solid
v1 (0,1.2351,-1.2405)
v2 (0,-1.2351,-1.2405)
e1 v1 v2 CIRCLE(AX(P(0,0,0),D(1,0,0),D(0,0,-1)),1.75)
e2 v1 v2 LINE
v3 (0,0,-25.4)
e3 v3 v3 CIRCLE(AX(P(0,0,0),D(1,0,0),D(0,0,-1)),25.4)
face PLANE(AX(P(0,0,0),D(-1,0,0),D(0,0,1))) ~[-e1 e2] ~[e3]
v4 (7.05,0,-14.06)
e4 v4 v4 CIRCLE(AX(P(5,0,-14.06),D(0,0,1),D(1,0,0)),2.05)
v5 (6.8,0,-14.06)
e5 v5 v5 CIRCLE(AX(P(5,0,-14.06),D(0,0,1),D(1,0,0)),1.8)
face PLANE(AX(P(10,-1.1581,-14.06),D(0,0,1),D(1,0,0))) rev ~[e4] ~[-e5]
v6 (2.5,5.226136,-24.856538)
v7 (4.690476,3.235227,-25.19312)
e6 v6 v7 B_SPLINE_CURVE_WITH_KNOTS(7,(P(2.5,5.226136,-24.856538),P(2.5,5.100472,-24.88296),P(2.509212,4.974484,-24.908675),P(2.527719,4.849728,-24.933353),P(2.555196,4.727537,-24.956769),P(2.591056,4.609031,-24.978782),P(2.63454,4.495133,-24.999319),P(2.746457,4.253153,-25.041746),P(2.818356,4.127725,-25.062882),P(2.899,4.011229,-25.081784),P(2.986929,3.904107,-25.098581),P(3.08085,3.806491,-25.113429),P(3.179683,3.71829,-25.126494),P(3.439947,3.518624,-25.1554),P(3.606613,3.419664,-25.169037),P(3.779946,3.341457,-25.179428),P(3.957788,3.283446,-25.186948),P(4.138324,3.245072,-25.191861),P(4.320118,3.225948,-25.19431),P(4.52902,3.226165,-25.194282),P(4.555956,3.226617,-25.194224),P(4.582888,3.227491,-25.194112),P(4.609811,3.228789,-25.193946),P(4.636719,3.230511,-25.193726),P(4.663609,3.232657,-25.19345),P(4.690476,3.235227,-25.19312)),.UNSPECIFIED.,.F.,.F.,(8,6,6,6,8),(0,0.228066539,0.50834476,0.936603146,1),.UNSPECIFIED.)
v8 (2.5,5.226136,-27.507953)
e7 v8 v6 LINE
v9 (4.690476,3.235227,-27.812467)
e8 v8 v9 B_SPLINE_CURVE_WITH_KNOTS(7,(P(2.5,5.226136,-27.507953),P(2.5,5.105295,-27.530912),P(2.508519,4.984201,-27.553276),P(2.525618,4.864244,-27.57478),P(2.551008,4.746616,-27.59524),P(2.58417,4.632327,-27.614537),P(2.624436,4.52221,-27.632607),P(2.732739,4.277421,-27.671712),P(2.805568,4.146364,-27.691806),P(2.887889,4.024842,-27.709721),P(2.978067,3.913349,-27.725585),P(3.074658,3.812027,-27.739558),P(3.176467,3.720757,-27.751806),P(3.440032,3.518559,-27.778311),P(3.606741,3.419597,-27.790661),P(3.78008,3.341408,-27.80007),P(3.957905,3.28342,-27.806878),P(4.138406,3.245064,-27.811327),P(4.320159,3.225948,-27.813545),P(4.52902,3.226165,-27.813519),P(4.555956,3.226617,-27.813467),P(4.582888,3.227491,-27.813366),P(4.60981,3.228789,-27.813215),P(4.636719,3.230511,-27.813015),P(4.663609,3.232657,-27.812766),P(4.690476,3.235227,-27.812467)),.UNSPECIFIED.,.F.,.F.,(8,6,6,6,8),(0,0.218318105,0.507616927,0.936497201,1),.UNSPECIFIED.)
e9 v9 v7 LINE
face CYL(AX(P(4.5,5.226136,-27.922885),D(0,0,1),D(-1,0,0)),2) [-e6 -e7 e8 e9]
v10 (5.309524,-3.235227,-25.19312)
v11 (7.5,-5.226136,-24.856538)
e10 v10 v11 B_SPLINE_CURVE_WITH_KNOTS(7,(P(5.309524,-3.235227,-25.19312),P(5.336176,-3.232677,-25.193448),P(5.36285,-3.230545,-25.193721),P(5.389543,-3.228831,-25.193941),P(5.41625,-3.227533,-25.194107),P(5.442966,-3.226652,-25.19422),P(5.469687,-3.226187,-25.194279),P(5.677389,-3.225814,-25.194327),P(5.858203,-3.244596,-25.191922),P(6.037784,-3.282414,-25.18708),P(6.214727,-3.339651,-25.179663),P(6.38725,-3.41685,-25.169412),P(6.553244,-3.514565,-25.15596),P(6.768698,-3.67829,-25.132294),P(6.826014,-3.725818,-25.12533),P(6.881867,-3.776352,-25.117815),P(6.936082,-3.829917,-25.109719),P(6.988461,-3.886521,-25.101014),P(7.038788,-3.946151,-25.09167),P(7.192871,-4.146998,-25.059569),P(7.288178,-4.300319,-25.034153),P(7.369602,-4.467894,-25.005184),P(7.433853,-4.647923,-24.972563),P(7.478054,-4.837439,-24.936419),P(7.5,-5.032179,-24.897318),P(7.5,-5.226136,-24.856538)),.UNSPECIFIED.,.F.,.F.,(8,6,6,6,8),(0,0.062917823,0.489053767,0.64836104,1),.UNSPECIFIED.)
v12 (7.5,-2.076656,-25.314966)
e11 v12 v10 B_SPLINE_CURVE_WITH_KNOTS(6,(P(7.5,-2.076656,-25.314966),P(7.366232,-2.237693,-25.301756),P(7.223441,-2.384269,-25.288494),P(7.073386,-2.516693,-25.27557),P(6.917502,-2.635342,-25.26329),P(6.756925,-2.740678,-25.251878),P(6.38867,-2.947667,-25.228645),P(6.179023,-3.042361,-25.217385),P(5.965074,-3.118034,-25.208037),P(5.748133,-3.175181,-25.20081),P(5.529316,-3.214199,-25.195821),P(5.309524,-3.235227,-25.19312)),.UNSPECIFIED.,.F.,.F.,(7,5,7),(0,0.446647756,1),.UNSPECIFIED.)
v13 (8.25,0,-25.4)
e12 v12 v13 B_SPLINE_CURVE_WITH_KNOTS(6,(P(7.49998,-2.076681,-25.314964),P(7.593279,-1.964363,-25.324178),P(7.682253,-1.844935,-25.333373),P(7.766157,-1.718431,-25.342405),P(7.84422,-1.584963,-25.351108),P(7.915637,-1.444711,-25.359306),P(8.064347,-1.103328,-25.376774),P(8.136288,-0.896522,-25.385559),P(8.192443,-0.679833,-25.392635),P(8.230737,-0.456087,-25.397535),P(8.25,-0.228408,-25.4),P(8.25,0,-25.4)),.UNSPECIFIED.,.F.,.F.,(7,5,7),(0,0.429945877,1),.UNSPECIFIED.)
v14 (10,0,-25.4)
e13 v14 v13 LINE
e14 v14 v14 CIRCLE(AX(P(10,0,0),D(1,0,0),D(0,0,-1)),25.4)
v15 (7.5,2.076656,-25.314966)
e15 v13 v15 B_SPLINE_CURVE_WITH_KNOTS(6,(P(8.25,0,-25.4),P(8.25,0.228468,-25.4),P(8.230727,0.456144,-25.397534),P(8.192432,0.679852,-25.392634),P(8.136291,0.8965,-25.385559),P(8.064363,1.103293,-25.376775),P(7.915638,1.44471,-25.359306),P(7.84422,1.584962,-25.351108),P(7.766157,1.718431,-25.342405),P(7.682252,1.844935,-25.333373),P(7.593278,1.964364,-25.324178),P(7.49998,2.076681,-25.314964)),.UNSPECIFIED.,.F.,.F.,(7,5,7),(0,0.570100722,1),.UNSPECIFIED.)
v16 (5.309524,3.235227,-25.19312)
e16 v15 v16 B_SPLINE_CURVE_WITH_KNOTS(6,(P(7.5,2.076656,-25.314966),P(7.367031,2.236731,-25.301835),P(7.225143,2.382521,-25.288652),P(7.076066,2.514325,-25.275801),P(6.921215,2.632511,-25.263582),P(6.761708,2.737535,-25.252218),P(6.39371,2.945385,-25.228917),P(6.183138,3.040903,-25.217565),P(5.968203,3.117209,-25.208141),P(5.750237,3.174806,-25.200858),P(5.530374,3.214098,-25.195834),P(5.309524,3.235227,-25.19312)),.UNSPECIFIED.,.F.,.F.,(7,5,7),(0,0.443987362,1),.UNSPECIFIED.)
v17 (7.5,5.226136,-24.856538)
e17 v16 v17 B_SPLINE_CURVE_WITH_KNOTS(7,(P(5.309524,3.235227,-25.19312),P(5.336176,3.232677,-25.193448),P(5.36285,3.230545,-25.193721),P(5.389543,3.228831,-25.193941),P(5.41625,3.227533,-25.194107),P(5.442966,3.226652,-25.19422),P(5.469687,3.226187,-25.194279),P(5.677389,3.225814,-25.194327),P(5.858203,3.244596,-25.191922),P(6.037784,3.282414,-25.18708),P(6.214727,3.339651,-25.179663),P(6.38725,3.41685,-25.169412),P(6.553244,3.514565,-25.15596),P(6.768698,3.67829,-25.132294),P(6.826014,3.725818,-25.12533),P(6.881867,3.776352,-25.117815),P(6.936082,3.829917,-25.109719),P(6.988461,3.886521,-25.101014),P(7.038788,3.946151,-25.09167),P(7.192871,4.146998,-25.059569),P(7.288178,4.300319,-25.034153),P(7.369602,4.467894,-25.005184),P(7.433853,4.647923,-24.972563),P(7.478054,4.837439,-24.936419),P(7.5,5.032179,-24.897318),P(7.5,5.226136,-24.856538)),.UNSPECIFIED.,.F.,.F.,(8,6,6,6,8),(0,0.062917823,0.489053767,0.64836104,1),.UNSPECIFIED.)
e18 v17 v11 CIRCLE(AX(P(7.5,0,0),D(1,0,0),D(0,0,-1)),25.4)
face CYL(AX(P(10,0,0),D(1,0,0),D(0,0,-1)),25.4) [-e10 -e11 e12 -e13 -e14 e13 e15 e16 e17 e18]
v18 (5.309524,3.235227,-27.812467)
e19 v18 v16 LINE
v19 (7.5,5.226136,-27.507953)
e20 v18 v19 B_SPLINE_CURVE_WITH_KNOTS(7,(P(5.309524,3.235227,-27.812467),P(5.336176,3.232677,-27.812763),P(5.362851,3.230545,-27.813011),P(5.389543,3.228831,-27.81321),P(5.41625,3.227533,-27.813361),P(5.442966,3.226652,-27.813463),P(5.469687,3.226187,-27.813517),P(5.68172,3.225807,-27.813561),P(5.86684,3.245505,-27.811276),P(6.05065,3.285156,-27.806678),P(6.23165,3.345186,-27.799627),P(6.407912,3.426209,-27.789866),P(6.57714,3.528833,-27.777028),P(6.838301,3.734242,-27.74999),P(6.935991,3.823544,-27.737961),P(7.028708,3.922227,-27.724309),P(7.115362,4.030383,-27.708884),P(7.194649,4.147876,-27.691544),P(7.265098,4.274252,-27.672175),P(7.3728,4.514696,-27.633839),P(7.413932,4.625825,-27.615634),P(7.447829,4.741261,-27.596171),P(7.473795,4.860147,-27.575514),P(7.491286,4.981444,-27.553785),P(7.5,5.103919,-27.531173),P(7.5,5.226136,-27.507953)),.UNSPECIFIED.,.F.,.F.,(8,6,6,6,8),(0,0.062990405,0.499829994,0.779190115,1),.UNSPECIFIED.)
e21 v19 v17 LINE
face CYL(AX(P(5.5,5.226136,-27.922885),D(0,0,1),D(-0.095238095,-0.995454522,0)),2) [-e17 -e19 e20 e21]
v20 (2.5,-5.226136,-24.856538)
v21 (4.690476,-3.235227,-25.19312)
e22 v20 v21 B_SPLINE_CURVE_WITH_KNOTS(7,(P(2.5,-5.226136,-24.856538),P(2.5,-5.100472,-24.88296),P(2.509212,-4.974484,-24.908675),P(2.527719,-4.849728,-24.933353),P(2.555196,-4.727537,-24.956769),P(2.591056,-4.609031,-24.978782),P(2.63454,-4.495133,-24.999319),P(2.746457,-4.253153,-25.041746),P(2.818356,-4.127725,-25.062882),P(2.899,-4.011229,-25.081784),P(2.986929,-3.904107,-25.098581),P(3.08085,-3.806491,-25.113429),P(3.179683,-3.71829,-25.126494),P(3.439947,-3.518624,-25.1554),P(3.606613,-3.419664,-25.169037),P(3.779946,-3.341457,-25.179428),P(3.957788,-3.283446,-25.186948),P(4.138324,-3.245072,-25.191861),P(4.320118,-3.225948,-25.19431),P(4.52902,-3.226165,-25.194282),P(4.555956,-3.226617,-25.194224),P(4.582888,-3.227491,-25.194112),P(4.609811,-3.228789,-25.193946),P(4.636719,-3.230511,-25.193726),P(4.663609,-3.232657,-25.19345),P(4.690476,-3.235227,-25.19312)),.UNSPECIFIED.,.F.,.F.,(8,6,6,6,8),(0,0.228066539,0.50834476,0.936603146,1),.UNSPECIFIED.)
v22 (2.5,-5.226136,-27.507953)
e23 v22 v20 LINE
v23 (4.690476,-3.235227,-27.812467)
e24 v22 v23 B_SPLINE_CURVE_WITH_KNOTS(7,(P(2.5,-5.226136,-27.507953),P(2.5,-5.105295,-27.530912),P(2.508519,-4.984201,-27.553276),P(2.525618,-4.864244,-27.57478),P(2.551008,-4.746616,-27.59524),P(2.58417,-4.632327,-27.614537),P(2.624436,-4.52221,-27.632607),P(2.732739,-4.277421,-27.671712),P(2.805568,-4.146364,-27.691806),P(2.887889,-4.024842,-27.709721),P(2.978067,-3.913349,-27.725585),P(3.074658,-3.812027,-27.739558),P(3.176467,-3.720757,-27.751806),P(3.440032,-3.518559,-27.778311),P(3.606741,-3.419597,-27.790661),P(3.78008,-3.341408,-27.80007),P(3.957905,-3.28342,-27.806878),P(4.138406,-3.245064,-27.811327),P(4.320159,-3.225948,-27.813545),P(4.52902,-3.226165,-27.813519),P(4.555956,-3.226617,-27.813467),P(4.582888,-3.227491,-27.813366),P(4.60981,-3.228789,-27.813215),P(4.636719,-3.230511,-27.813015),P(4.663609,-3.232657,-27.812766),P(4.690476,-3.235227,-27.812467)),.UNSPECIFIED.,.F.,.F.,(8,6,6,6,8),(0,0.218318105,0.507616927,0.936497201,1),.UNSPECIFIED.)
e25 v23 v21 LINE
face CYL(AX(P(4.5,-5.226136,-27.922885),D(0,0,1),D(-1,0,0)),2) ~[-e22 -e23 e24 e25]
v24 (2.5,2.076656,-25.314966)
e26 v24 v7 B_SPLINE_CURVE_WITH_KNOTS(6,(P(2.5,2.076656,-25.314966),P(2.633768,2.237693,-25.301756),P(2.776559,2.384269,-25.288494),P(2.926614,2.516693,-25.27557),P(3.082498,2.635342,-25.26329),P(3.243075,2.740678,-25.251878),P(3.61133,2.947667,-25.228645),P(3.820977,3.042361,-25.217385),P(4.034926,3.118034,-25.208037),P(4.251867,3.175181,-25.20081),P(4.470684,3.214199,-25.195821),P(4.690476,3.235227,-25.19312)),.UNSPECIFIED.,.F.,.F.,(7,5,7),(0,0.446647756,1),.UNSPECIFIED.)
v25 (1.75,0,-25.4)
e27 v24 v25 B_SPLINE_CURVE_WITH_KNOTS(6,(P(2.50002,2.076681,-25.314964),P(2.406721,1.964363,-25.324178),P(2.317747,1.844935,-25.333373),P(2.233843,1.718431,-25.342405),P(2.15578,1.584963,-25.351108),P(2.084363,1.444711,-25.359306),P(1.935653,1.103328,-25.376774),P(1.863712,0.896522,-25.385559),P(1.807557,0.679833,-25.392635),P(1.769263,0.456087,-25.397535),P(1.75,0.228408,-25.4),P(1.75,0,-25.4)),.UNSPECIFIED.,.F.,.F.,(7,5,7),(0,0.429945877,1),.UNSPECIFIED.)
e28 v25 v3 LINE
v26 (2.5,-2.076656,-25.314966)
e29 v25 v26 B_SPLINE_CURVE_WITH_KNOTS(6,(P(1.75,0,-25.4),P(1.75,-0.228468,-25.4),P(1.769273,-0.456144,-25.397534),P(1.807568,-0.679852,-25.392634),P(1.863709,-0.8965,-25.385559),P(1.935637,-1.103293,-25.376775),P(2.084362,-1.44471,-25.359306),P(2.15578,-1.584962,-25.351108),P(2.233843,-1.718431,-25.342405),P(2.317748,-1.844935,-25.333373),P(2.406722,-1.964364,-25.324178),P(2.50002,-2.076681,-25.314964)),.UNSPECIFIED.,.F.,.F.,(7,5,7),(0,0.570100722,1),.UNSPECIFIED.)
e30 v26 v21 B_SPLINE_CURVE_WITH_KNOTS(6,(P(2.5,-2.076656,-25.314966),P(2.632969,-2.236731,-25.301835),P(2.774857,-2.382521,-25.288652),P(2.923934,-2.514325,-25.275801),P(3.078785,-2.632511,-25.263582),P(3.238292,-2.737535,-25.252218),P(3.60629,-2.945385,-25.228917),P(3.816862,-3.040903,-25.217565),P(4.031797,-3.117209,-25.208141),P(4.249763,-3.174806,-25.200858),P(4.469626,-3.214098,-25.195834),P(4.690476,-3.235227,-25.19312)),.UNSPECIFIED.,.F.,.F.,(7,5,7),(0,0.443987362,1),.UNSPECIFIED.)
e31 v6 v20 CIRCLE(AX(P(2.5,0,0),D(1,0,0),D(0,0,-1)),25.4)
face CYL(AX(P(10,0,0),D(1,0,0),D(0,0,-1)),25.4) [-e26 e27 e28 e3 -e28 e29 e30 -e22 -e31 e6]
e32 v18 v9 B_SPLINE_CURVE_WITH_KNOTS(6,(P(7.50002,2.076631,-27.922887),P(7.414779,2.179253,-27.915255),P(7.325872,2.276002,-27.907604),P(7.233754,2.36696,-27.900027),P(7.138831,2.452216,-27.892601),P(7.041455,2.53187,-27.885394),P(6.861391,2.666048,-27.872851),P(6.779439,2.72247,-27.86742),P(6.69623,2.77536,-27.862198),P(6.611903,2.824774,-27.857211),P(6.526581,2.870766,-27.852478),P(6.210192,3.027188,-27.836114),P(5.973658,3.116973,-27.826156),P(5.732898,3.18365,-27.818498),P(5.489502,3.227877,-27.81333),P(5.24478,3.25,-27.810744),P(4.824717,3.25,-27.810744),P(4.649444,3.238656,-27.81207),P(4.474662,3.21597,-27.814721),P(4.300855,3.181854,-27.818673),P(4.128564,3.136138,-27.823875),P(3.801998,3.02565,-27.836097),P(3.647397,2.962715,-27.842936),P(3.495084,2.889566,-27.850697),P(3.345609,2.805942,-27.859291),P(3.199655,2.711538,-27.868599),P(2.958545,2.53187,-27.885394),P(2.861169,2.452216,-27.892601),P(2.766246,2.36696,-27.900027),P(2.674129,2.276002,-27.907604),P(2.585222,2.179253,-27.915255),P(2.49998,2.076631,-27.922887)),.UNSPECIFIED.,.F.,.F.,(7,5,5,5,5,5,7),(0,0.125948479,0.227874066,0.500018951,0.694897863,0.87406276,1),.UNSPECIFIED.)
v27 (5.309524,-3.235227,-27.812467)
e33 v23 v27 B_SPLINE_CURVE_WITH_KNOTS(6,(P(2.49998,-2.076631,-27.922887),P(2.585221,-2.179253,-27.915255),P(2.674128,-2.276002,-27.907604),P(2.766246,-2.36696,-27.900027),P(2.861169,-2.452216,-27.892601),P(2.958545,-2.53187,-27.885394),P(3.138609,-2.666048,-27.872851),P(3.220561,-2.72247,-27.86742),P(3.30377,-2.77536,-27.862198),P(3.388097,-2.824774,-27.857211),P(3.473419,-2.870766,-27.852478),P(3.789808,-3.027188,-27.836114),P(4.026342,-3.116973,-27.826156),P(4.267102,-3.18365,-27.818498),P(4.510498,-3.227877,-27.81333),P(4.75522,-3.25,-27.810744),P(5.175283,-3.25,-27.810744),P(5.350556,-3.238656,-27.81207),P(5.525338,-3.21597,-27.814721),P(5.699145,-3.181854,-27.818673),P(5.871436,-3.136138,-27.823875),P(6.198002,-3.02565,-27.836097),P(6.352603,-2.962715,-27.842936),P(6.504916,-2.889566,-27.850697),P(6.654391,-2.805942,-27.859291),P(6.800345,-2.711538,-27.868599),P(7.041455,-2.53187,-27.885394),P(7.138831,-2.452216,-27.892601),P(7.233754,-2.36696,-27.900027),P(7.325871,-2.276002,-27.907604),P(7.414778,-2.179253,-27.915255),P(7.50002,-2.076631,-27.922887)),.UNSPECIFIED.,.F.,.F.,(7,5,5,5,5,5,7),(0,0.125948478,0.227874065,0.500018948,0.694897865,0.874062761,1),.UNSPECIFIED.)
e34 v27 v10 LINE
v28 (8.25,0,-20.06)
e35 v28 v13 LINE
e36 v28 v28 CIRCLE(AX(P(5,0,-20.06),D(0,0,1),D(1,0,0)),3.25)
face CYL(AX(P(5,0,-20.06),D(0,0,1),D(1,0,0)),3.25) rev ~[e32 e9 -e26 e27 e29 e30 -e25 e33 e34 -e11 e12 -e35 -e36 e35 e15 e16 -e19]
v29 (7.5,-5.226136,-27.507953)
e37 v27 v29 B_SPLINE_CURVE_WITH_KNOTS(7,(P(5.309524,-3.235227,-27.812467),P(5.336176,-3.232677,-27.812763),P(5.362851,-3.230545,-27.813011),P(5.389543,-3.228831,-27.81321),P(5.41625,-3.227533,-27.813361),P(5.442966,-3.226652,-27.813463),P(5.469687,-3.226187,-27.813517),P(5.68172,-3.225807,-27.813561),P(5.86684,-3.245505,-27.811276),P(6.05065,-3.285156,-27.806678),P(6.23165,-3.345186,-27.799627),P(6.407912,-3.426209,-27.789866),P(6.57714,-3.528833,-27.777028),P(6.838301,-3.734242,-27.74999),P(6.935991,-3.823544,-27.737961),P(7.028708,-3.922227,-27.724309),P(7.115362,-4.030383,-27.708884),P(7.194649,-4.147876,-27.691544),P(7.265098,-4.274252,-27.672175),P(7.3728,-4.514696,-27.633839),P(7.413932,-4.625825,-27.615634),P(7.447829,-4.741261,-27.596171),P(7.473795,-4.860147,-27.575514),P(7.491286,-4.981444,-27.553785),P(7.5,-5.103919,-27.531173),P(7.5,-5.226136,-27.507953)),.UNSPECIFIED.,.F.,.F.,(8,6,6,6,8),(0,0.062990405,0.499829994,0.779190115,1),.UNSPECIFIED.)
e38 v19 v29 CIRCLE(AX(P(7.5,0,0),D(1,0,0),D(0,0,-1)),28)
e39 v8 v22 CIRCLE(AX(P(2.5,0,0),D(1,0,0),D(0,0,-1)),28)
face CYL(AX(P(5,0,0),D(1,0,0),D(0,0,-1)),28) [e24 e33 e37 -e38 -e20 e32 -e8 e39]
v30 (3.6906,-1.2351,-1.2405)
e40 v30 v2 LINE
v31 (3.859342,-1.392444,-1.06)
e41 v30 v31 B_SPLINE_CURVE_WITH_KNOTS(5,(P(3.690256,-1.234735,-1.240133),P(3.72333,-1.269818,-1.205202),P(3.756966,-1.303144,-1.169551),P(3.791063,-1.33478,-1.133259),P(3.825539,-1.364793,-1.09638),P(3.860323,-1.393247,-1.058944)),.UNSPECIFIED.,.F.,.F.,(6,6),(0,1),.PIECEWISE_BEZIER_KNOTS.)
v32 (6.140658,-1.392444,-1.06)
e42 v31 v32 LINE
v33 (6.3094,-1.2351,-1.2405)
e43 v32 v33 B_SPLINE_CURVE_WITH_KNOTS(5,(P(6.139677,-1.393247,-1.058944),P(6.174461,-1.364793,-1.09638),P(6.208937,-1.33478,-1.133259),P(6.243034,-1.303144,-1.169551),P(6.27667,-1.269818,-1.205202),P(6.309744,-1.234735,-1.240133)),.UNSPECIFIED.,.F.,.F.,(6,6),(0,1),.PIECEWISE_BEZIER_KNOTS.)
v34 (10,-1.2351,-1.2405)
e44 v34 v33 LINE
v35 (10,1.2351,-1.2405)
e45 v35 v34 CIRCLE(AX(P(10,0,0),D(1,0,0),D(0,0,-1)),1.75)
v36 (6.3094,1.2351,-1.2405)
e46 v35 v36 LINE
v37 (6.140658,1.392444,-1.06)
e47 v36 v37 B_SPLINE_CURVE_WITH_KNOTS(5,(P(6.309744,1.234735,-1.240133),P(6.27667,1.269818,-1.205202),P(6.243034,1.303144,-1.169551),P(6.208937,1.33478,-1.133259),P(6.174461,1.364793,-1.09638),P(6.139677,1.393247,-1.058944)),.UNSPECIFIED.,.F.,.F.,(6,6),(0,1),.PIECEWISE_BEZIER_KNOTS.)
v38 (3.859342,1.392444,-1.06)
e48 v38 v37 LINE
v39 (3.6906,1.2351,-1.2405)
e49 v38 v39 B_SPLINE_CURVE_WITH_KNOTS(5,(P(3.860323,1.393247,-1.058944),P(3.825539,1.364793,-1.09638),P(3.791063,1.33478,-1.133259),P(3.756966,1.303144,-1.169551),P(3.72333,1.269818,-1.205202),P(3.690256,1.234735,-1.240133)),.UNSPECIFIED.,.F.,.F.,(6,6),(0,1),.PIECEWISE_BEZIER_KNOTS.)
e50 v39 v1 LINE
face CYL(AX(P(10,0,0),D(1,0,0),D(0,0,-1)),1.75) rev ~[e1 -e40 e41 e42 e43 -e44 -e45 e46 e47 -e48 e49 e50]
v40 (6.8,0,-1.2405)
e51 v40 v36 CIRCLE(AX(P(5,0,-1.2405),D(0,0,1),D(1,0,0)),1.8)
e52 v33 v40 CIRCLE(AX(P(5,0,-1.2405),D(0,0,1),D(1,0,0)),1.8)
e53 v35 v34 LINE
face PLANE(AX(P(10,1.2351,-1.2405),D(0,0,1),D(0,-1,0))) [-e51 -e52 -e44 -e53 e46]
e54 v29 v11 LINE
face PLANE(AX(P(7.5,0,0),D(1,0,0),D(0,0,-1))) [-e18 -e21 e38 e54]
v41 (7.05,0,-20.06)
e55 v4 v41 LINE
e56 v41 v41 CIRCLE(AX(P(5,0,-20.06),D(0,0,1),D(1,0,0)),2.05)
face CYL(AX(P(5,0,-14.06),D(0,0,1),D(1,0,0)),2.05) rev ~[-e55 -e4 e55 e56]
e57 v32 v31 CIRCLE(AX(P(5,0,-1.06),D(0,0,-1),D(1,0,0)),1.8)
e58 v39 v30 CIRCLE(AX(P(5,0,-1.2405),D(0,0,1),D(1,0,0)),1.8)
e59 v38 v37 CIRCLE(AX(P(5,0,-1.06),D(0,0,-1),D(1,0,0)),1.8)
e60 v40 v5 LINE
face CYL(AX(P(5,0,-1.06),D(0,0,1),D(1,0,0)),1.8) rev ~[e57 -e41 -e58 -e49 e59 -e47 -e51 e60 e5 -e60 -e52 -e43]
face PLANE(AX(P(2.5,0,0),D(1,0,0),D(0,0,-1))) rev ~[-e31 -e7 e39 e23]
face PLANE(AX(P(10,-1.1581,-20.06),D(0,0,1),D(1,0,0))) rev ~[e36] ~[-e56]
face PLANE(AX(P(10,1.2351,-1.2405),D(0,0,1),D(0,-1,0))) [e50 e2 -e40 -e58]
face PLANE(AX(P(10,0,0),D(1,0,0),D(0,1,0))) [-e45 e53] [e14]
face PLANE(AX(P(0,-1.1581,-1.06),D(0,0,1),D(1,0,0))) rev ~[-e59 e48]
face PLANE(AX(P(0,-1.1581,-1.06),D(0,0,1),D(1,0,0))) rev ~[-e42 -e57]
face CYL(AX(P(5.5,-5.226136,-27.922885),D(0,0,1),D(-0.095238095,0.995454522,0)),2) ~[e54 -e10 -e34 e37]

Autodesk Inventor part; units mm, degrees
ref_plane "YZ Plane" through (0, 0, 0) normal (1, 0, 0) x (0, 1, 0)
ref_plane "XY Plane" through (0, 0, 0) normal (0, 0, 1) x (1, 0, 0)
sketch "Sketch1" plane through (0, 0, 0) normal (1, 0, 0) x (0, 1, 0)
  arc A0 (1.1581, -1.06) -> (-1.1581, -1.06) centre (0, 0) ccw
  line L0 (1.1581, -1.06) -> (-1.1581, -1.06)
  circle A1 centre (0, 0) radius 26.5
extrude "Extrusion1" add sketch "Sketch1" along normal blind 10
ref_plane "Work Plane1" through (0, 26.5, 0) normal (0, 1, 0) x (-1, 0, 0)
ref_plane "Work Plane2" through (0, -26.5, 0) normal (0, 1, 0) x (-1, 0, 0)
sketch "Sketch6" plane through (10, 0, 0) normal (1, 0, 0) x (0, 0, -1)
  arc A0 (26.4953, 0.5) -> (26.4953, -0.5) centre (0, 0) ccw projected
  line L0 (0, 26.5) -> (0, 27.25)
  arc A1 (26.4953, 0.5) -> (26.4953, -0.5) centre (0, 0) ccw
  circle A2 centre (0, 0) radius 26.5 projected
  circle A3 centre (0, 0) radius 26.5
  circle A4 centre (0, 0) radius 27.25
  dimension "d22" = 0.75
extrude "Extrusion6" add sketch "Sketch6" against normal blind 1
ref_plane "Work Plane3" through (5, 0, 0) normal (1, 0, 0) x (0, 0, -1)
mirror "Mirror1" about plane through (5, 0, 0) normal (1, 0, 0) of "Extrusion6"
sketch "Sketch7" plane through (0, -1.1581, -1.06) normal (0, 0, 1) x (1, 0, 0)
  line L0 (1, 27.6581) -> (9, 27.6581) projected
  line L1 (5, 27.6581) -> (5, -25.3419)
  line L2 (1, -25.3419) -> (9, -25.3419) projected
  line L3 (10, 2.3163) -> (10, 0) projected
  line L4 (10, 1.1581) -> (-0.1429, 1.1581)
  circle A0 centre (5, 1.1581) radius 1.8
  dimension "d28" = 3.6
extrude "Extrusion7" cut sketch "Sketch7" against normal blind 13
ref_plane "Work Plane4" through (10, -1.1581, -14.06) normal (0, 0, 1) x (1, 0, 0)
sketch "Sketch8" plane through (10, -1.1581, -14.06) normal (0, 0, 1) x (1, 0, 0)
  arc A0 (-6.3779, 0) -> (-3.6221, 0) centre (-5, 1.1581) ccw projected
  circle A1 centre (-5, 1.1581) radius 2.05
  point P0 (-10, 1.1581)
  dimension "d32" = 4.1
extrude "Extrusion8" cut sketch "Sketch8" against normal blind 6
ref_plane "Work Plane5" through (10, -1.1581, -20.06) normal (0, 0, 1) x (1, 0, 0)
sketch "Sketch10" plane through (10, 0, 0) normal (1, 0, 0) x (0, 0, -1)
  circle A0 centre (0, 0) radius 27.25 projected
  circle A1 centre (0, 0) radius 1.75
  line L0 (1.2405, 1.2351) -> (1.2405, -1.2351)
  arc A2 (1.2405, 1.2351) -> (1.2405, -1.2351) centre (0, 0) ccw
  point P0 (1.2405, -1.2344)
  point P1 (1.2405, 1.2344)
  dimension "d40" = 3.5
extrude "Extrusion10" cut sketch "Sketch10" against normal blind 15.575 contours L0 A1 picked at (0.3435, -0.5243)
sketch "Sketch11" plane through (10, 0, 0) normal (1, 0, 0) x (0, 0, -1)
  circle A0 centre (0, 0) radius 27.25 projected
  arc A1 (1.2405, 1.2344) -> (1.2405, -1.2344) centre (0, 0) ccw projected
  circle A2 centre (0, 0) radius 25.4
  dimension "d44" = 50.8
extrude "Extrusion11" cut sketch "Sketch11" against normal blind 10
sketch "Sketch12" plane through (5, 0, 0) normal (1, 0, 0) x (0, 0, -1)
  circle A0 centre (0, 0) radius 28
  circle A1 centre (0, 0) radius 25.4
  dimension "d45" = 56
extrude "Extrusion12" add sketch "Sketch12" along normal mid plane 5
sketch "Sketch9" plane through (10, -1.1581, -20.06) normal (0, 0, 1) x (1, 0, 0)
  circle A0 centre (-5, 1.1581) radius 1.8 projected
  circle A1 centre (-5, 1.1581) radius 4.3333
  circle A2 centre (-5, 1.1581) radius 2.05 projected
  circle A3 centre (-5, 1.1581) radius 3.25
  point P0 (-10, 1.1581)
  dimension "d41" = 6.5
extrude "Extrusion9" cut sketch "Sketch9" against normal blind 16.225 contours A0 | A2 | A3
fillet "Fillet1" radius 2 4 edges at (2.5, 2.0767, -26.6189) (2.5, -2.0767, -26.6189) (7.5, -2.0767, -26.6189) (7.5, 2.0767, -26.6189)
properties part number "Lock Wheel New Rubber"
